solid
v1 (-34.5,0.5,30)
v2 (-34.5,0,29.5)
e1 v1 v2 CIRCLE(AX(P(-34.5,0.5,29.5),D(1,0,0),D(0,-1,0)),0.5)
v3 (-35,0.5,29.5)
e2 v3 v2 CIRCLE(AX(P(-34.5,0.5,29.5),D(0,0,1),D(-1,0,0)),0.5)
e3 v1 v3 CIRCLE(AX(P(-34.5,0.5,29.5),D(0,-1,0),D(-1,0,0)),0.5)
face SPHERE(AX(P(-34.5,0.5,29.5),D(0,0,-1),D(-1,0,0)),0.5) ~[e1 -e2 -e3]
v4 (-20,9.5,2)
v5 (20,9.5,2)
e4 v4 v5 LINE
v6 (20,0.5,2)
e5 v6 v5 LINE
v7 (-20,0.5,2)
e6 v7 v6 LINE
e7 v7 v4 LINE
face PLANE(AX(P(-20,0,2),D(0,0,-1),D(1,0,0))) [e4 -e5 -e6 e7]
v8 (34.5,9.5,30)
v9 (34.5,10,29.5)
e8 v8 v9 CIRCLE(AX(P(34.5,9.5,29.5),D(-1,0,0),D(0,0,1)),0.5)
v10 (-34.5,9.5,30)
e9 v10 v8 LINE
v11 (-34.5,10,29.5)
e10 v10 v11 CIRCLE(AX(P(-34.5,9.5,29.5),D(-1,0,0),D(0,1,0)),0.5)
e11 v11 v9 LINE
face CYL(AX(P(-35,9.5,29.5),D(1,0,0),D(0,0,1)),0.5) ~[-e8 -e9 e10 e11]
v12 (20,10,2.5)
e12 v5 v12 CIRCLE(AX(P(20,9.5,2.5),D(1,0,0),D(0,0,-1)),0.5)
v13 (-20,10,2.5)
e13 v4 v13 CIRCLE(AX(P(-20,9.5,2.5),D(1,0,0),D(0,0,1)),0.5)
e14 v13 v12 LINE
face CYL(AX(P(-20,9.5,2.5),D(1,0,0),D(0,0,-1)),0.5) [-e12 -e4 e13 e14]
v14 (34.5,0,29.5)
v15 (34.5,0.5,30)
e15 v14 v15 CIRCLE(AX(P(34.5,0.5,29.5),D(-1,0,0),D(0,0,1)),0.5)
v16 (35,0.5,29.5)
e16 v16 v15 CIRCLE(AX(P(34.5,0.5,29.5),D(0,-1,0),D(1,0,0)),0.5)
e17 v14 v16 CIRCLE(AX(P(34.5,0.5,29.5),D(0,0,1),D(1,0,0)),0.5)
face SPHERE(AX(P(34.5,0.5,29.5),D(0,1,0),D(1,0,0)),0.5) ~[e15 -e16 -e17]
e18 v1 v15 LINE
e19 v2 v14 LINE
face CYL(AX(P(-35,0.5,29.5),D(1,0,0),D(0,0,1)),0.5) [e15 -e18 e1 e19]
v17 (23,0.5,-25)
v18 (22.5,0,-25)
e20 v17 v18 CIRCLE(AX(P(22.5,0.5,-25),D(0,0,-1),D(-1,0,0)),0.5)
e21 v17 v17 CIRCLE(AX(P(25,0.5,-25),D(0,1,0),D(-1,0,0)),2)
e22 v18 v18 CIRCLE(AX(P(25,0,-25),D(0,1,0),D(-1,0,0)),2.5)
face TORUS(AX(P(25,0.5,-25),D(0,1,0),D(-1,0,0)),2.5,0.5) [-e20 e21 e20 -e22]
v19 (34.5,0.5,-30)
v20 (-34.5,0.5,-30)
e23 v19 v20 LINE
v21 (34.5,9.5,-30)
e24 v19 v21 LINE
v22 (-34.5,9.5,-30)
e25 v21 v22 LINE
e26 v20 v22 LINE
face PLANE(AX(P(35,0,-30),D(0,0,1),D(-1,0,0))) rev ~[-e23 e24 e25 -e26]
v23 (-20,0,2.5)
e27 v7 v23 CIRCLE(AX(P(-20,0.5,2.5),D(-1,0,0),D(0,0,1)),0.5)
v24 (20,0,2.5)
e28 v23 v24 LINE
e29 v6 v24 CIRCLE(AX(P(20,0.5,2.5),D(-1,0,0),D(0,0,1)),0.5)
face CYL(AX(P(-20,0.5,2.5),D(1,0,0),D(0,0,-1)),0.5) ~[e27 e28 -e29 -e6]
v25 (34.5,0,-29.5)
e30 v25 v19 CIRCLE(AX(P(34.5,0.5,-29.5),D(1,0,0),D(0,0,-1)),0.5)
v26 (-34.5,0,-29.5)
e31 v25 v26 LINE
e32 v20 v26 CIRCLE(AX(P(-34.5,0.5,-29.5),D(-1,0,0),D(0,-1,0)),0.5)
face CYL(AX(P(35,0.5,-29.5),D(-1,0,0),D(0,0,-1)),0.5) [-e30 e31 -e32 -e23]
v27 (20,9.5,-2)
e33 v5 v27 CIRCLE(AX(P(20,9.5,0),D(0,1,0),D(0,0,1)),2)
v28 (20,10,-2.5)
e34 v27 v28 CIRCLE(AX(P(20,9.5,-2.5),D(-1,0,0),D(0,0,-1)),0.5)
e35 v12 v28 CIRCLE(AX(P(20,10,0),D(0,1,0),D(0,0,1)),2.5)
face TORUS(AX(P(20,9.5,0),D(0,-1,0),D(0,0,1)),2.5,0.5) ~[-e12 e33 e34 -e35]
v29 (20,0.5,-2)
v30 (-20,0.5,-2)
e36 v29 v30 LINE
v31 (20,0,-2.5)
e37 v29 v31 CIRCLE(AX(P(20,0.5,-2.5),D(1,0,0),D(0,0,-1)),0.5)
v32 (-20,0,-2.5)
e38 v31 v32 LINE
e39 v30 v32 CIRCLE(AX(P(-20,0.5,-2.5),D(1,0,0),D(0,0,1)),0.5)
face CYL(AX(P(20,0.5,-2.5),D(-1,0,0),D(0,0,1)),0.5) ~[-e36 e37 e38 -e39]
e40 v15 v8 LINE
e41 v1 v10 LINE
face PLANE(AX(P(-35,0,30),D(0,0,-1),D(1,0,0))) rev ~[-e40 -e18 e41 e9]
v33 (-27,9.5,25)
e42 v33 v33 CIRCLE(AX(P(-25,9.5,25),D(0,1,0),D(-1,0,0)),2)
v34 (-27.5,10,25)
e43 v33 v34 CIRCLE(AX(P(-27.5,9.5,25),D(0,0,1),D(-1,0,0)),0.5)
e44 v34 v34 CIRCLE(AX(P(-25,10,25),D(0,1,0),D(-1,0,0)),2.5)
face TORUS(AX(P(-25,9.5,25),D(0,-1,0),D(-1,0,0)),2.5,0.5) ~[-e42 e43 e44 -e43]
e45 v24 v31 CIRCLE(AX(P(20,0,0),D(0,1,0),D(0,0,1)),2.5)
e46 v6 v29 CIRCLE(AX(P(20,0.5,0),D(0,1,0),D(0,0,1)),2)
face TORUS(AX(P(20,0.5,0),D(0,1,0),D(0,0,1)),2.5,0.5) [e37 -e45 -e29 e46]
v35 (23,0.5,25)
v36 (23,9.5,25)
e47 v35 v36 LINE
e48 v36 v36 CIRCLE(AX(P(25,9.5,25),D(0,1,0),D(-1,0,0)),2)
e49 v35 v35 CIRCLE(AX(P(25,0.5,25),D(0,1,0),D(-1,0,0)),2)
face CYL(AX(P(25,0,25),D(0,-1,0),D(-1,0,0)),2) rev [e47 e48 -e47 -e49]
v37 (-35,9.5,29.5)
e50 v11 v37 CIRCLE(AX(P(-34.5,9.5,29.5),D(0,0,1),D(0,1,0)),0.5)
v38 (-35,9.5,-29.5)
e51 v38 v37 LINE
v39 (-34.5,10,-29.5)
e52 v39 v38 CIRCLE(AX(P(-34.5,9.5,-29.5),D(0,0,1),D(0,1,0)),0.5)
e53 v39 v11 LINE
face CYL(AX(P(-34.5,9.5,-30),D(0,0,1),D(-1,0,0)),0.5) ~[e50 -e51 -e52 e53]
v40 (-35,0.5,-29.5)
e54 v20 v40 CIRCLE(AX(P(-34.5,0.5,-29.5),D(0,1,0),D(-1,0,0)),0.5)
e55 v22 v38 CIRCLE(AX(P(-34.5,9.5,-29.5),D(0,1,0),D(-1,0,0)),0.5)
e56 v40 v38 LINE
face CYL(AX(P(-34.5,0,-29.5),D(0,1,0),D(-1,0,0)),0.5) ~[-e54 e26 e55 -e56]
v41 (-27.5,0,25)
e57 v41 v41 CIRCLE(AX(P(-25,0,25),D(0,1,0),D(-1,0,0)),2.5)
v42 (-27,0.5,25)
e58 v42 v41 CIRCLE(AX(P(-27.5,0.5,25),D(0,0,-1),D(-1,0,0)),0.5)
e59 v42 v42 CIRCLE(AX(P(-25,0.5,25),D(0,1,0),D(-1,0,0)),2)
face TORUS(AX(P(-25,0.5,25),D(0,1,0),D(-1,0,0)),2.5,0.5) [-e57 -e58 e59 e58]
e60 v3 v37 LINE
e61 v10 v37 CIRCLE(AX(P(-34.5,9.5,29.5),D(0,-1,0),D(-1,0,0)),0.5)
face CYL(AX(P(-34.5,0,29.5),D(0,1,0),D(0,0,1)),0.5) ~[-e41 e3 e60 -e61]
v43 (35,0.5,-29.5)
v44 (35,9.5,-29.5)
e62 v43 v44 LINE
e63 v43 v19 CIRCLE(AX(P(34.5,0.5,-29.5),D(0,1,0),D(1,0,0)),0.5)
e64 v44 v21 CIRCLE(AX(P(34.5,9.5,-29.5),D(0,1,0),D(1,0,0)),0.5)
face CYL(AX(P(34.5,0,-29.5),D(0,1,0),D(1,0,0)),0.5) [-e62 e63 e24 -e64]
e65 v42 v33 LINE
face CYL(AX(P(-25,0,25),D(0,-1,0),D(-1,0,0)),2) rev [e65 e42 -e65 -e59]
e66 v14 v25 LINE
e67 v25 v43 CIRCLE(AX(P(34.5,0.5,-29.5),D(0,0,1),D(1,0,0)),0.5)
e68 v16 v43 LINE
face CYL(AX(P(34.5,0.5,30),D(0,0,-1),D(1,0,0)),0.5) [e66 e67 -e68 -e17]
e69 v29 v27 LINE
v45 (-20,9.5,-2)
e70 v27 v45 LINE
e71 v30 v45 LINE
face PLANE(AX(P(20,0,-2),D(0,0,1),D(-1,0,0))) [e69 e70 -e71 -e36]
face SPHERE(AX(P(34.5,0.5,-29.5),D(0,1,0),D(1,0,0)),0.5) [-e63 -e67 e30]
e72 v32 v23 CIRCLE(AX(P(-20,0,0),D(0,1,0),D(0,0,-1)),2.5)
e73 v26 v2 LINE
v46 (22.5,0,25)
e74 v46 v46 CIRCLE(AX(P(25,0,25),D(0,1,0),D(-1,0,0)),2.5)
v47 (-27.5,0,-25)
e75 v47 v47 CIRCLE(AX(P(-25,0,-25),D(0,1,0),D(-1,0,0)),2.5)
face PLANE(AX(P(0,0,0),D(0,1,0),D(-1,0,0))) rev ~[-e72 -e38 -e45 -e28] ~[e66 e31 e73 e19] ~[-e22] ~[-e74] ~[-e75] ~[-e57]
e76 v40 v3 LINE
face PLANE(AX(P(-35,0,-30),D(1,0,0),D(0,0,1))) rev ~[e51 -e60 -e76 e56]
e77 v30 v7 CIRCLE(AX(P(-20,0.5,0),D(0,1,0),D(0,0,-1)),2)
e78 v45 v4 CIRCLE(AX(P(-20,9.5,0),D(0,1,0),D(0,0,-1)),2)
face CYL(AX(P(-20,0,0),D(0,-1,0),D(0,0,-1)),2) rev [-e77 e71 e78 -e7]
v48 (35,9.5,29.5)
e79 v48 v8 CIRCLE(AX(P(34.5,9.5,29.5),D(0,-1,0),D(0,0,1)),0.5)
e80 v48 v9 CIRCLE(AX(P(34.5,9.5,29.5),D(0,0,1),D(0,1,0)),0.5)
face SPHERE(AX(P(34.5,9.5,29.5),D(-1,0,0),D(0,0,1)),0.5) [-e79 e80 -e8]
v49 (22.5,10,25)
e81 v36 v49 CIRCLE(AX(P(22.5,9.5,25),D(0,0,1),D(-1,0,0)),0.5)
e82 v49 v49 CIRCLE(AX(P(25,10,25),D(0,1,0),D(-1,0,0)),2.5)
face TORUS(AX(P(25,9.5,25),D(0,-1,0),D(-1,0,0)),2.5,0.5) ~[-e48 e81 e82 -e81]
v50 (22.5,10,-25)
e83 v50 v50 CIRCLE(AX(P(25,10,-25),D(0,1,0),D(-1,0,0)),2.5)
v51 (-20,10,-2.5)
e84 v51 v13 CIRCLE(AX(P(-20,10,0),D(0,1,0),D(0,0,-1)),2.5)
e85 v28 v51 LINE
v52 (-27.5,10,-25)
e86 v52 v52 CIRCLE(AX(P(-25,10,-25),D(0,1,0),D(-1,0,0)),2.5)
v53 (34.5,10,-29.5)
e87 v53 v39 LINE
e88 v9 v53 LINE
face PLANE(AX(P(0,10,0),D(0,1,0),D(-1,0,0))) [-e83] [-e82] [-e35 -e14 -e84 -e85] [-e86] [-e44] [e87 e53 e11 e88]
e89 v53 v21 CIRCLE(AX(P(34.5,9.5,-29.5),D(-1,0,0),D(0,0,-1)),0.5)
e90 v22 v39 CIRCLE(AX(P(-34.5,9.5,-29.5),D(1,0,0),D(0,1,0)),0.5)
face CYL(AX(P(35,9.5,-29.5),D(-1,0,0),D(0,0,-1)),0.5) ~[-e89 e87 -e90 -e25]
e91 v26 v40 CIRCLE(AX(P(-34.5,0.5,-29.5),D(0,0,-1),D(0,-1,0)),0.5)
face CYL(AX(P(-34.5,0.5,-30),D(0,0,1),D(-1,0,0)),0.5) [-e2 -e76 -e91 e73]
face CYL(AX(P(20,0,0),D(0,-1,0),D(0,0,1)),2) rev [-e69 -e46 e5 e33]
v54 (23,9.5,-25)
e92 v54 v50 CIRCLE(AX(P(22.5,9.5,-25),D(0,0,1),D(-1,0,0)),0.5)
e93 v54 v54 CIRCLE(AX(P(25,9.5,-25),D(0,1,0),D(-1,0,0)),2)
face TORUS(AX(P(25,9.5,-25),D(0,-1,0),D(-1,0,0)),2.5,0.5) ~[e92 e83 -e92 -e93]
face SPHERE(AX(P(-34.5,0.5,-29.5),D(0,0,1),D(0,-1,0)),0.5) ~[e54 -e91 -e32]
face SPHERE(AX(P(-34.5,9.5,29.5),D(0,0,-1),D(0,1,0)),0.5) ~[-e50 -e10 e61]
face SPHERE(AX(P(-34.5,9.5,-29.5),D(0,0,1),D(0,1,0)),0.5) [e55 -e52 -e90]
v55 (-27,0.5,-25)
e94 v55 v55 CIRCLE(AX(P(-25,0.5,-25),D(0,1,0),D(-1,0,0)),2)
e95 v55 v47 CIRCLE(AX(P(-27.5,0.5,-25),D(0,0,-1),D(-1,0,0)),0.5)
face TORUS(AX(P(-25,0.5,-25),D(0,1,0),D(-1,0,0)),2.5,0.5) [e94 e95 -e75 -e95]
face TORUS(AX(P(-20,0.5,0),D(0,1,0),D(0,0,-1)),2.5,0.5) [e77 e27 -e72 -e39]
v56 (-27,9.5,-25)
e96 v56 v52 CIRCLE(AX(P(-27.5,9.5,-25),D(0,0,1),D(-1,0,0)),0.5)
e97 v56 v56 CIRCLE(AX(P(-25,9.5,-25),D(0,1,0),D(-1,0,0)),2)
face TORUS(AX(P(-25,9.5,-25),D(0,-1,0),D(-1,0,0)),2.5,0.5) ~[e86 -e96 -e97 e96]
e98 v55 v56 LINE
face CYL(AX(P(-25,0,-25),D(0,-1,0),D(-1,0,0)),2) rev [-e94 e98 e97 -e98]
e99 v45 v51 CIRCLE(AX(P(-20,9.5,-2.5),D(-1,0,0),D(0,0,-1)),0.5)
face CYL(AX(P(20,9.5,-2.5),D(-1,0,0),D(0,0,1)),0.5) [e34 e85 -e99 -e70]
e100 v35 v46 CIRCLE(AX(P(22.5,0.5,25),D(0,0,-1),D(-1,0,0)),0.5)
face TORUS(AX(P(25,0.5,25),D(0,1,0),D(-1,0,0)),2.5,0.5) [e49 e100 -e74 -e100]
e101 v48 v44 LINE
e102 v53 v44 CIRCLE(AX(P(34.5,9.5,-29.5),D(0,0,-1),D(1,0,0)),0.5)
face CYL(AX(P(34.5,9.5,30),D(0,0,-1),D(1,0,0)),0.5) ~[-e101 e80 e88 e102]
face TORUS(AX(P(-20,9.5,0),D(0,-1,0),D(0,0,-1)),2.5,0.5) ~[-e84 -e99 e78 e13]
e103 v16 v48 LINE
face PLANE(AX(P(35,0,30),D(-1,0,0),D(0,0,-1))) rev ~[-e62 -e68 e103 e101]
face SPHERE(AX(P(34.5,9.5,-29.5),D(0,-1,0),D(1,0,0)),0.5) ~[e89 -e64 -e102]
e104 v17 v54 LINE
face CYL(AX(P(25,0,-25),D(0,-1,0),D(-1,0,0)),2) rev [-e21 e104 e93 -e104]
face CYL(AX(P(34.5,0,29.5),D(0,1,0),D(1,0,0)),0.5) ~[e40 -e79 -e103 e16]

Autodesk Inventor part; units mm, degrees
ref_plane "YZ Plane" through (0, 0, 0) normal (1, 0, 0) x (0, 1, 0)
ref_plane "XZ Plane" through (0, 0, 0) normal (0, 1, 0) x (-1, 0, 0)
ref_plane "XY Plane" through (0, 0, 0) normal (0, 0, 1) x (1, 0, 0)
sketch "Sketch1" plane through (0, 0, 0) normal (0, 1, 0) x (-1, 0, 0)
  line L0 (-35, -30) -> (35, -30)
  line L1 (35, -30) -> (35, 30)
  line L2 (35, 30) -> (-35, 30)
  line L3 (-35, 30) -> (-35, -30)
  line L4 (-35, -30) -> (35, 30) construction
  line L5 (35, -30) -> (-35, 30) construction
  circle A0 centre (25, 25) radius 2
  circle A1 centre (-25, 25) radius 2
  circle A2 centre (-25, -25) radius 2
  circle A3 centre (25, -25) radius 2
  arc A4 (20, -2) -> (20, 2) centre (20, 0) ccw
  arc A5 (-20, 2) -> (-20, -2) centre (-20, 0) ccw
  line L6 (20, 2) -> (-20, 2)
  line L7 (-20, -2) -> (20, -2)
  point P0 (0, 0)
  dimension "d0" = 70
  dimension "d1" = 60
  dimension "d2" = 4
  dimension "d3" = 4
  dimension "d4" = 4
  dimension "d5" = 4
  dimension "d6" = 10
  dimension "d7" = 10
  dimension "d8" = 10
  dimension "d9" = 10
  dimension "d10" = 5
  dimension "d11" = 5
  dimension "d12" = 5
  dimension "d13" = 5
  dimension "d14" = 40
  dimension "d15" = 20
  dimension "d16" = 4
  dimension "d17" = 4
extrude "Extrusion1" add sketch "Sketch1" along normal blind 10
fillet "Fillet1" radius 0.5 28 edges at (-35, 10, 0) (0, 10, 30) (35, 5, -30) (35, 5, 30) (35, 0, 0) (35, 10, 0) (-35, 0, 0) (-35, 5, 30) (27, 10, -25) (-23, 0, 25) (-23, 10, 25) (0, 0, 30) (0, 10, -30) (0, 0, -30) (-23, 10, -25) (-23, 0, -25) (-35, 5, -30) (-22, 10, 0) (0, 10, -2) (22, 10, 0) (0, 10, 2) (22, 0, 0) (0, 0, 2) (-22, 0, 0) (0, 0, -2) (27, 10, 25) (27, 0, 25) (27, 0, -25)
properties part number "Schiebegewicht Langlochplatte"
